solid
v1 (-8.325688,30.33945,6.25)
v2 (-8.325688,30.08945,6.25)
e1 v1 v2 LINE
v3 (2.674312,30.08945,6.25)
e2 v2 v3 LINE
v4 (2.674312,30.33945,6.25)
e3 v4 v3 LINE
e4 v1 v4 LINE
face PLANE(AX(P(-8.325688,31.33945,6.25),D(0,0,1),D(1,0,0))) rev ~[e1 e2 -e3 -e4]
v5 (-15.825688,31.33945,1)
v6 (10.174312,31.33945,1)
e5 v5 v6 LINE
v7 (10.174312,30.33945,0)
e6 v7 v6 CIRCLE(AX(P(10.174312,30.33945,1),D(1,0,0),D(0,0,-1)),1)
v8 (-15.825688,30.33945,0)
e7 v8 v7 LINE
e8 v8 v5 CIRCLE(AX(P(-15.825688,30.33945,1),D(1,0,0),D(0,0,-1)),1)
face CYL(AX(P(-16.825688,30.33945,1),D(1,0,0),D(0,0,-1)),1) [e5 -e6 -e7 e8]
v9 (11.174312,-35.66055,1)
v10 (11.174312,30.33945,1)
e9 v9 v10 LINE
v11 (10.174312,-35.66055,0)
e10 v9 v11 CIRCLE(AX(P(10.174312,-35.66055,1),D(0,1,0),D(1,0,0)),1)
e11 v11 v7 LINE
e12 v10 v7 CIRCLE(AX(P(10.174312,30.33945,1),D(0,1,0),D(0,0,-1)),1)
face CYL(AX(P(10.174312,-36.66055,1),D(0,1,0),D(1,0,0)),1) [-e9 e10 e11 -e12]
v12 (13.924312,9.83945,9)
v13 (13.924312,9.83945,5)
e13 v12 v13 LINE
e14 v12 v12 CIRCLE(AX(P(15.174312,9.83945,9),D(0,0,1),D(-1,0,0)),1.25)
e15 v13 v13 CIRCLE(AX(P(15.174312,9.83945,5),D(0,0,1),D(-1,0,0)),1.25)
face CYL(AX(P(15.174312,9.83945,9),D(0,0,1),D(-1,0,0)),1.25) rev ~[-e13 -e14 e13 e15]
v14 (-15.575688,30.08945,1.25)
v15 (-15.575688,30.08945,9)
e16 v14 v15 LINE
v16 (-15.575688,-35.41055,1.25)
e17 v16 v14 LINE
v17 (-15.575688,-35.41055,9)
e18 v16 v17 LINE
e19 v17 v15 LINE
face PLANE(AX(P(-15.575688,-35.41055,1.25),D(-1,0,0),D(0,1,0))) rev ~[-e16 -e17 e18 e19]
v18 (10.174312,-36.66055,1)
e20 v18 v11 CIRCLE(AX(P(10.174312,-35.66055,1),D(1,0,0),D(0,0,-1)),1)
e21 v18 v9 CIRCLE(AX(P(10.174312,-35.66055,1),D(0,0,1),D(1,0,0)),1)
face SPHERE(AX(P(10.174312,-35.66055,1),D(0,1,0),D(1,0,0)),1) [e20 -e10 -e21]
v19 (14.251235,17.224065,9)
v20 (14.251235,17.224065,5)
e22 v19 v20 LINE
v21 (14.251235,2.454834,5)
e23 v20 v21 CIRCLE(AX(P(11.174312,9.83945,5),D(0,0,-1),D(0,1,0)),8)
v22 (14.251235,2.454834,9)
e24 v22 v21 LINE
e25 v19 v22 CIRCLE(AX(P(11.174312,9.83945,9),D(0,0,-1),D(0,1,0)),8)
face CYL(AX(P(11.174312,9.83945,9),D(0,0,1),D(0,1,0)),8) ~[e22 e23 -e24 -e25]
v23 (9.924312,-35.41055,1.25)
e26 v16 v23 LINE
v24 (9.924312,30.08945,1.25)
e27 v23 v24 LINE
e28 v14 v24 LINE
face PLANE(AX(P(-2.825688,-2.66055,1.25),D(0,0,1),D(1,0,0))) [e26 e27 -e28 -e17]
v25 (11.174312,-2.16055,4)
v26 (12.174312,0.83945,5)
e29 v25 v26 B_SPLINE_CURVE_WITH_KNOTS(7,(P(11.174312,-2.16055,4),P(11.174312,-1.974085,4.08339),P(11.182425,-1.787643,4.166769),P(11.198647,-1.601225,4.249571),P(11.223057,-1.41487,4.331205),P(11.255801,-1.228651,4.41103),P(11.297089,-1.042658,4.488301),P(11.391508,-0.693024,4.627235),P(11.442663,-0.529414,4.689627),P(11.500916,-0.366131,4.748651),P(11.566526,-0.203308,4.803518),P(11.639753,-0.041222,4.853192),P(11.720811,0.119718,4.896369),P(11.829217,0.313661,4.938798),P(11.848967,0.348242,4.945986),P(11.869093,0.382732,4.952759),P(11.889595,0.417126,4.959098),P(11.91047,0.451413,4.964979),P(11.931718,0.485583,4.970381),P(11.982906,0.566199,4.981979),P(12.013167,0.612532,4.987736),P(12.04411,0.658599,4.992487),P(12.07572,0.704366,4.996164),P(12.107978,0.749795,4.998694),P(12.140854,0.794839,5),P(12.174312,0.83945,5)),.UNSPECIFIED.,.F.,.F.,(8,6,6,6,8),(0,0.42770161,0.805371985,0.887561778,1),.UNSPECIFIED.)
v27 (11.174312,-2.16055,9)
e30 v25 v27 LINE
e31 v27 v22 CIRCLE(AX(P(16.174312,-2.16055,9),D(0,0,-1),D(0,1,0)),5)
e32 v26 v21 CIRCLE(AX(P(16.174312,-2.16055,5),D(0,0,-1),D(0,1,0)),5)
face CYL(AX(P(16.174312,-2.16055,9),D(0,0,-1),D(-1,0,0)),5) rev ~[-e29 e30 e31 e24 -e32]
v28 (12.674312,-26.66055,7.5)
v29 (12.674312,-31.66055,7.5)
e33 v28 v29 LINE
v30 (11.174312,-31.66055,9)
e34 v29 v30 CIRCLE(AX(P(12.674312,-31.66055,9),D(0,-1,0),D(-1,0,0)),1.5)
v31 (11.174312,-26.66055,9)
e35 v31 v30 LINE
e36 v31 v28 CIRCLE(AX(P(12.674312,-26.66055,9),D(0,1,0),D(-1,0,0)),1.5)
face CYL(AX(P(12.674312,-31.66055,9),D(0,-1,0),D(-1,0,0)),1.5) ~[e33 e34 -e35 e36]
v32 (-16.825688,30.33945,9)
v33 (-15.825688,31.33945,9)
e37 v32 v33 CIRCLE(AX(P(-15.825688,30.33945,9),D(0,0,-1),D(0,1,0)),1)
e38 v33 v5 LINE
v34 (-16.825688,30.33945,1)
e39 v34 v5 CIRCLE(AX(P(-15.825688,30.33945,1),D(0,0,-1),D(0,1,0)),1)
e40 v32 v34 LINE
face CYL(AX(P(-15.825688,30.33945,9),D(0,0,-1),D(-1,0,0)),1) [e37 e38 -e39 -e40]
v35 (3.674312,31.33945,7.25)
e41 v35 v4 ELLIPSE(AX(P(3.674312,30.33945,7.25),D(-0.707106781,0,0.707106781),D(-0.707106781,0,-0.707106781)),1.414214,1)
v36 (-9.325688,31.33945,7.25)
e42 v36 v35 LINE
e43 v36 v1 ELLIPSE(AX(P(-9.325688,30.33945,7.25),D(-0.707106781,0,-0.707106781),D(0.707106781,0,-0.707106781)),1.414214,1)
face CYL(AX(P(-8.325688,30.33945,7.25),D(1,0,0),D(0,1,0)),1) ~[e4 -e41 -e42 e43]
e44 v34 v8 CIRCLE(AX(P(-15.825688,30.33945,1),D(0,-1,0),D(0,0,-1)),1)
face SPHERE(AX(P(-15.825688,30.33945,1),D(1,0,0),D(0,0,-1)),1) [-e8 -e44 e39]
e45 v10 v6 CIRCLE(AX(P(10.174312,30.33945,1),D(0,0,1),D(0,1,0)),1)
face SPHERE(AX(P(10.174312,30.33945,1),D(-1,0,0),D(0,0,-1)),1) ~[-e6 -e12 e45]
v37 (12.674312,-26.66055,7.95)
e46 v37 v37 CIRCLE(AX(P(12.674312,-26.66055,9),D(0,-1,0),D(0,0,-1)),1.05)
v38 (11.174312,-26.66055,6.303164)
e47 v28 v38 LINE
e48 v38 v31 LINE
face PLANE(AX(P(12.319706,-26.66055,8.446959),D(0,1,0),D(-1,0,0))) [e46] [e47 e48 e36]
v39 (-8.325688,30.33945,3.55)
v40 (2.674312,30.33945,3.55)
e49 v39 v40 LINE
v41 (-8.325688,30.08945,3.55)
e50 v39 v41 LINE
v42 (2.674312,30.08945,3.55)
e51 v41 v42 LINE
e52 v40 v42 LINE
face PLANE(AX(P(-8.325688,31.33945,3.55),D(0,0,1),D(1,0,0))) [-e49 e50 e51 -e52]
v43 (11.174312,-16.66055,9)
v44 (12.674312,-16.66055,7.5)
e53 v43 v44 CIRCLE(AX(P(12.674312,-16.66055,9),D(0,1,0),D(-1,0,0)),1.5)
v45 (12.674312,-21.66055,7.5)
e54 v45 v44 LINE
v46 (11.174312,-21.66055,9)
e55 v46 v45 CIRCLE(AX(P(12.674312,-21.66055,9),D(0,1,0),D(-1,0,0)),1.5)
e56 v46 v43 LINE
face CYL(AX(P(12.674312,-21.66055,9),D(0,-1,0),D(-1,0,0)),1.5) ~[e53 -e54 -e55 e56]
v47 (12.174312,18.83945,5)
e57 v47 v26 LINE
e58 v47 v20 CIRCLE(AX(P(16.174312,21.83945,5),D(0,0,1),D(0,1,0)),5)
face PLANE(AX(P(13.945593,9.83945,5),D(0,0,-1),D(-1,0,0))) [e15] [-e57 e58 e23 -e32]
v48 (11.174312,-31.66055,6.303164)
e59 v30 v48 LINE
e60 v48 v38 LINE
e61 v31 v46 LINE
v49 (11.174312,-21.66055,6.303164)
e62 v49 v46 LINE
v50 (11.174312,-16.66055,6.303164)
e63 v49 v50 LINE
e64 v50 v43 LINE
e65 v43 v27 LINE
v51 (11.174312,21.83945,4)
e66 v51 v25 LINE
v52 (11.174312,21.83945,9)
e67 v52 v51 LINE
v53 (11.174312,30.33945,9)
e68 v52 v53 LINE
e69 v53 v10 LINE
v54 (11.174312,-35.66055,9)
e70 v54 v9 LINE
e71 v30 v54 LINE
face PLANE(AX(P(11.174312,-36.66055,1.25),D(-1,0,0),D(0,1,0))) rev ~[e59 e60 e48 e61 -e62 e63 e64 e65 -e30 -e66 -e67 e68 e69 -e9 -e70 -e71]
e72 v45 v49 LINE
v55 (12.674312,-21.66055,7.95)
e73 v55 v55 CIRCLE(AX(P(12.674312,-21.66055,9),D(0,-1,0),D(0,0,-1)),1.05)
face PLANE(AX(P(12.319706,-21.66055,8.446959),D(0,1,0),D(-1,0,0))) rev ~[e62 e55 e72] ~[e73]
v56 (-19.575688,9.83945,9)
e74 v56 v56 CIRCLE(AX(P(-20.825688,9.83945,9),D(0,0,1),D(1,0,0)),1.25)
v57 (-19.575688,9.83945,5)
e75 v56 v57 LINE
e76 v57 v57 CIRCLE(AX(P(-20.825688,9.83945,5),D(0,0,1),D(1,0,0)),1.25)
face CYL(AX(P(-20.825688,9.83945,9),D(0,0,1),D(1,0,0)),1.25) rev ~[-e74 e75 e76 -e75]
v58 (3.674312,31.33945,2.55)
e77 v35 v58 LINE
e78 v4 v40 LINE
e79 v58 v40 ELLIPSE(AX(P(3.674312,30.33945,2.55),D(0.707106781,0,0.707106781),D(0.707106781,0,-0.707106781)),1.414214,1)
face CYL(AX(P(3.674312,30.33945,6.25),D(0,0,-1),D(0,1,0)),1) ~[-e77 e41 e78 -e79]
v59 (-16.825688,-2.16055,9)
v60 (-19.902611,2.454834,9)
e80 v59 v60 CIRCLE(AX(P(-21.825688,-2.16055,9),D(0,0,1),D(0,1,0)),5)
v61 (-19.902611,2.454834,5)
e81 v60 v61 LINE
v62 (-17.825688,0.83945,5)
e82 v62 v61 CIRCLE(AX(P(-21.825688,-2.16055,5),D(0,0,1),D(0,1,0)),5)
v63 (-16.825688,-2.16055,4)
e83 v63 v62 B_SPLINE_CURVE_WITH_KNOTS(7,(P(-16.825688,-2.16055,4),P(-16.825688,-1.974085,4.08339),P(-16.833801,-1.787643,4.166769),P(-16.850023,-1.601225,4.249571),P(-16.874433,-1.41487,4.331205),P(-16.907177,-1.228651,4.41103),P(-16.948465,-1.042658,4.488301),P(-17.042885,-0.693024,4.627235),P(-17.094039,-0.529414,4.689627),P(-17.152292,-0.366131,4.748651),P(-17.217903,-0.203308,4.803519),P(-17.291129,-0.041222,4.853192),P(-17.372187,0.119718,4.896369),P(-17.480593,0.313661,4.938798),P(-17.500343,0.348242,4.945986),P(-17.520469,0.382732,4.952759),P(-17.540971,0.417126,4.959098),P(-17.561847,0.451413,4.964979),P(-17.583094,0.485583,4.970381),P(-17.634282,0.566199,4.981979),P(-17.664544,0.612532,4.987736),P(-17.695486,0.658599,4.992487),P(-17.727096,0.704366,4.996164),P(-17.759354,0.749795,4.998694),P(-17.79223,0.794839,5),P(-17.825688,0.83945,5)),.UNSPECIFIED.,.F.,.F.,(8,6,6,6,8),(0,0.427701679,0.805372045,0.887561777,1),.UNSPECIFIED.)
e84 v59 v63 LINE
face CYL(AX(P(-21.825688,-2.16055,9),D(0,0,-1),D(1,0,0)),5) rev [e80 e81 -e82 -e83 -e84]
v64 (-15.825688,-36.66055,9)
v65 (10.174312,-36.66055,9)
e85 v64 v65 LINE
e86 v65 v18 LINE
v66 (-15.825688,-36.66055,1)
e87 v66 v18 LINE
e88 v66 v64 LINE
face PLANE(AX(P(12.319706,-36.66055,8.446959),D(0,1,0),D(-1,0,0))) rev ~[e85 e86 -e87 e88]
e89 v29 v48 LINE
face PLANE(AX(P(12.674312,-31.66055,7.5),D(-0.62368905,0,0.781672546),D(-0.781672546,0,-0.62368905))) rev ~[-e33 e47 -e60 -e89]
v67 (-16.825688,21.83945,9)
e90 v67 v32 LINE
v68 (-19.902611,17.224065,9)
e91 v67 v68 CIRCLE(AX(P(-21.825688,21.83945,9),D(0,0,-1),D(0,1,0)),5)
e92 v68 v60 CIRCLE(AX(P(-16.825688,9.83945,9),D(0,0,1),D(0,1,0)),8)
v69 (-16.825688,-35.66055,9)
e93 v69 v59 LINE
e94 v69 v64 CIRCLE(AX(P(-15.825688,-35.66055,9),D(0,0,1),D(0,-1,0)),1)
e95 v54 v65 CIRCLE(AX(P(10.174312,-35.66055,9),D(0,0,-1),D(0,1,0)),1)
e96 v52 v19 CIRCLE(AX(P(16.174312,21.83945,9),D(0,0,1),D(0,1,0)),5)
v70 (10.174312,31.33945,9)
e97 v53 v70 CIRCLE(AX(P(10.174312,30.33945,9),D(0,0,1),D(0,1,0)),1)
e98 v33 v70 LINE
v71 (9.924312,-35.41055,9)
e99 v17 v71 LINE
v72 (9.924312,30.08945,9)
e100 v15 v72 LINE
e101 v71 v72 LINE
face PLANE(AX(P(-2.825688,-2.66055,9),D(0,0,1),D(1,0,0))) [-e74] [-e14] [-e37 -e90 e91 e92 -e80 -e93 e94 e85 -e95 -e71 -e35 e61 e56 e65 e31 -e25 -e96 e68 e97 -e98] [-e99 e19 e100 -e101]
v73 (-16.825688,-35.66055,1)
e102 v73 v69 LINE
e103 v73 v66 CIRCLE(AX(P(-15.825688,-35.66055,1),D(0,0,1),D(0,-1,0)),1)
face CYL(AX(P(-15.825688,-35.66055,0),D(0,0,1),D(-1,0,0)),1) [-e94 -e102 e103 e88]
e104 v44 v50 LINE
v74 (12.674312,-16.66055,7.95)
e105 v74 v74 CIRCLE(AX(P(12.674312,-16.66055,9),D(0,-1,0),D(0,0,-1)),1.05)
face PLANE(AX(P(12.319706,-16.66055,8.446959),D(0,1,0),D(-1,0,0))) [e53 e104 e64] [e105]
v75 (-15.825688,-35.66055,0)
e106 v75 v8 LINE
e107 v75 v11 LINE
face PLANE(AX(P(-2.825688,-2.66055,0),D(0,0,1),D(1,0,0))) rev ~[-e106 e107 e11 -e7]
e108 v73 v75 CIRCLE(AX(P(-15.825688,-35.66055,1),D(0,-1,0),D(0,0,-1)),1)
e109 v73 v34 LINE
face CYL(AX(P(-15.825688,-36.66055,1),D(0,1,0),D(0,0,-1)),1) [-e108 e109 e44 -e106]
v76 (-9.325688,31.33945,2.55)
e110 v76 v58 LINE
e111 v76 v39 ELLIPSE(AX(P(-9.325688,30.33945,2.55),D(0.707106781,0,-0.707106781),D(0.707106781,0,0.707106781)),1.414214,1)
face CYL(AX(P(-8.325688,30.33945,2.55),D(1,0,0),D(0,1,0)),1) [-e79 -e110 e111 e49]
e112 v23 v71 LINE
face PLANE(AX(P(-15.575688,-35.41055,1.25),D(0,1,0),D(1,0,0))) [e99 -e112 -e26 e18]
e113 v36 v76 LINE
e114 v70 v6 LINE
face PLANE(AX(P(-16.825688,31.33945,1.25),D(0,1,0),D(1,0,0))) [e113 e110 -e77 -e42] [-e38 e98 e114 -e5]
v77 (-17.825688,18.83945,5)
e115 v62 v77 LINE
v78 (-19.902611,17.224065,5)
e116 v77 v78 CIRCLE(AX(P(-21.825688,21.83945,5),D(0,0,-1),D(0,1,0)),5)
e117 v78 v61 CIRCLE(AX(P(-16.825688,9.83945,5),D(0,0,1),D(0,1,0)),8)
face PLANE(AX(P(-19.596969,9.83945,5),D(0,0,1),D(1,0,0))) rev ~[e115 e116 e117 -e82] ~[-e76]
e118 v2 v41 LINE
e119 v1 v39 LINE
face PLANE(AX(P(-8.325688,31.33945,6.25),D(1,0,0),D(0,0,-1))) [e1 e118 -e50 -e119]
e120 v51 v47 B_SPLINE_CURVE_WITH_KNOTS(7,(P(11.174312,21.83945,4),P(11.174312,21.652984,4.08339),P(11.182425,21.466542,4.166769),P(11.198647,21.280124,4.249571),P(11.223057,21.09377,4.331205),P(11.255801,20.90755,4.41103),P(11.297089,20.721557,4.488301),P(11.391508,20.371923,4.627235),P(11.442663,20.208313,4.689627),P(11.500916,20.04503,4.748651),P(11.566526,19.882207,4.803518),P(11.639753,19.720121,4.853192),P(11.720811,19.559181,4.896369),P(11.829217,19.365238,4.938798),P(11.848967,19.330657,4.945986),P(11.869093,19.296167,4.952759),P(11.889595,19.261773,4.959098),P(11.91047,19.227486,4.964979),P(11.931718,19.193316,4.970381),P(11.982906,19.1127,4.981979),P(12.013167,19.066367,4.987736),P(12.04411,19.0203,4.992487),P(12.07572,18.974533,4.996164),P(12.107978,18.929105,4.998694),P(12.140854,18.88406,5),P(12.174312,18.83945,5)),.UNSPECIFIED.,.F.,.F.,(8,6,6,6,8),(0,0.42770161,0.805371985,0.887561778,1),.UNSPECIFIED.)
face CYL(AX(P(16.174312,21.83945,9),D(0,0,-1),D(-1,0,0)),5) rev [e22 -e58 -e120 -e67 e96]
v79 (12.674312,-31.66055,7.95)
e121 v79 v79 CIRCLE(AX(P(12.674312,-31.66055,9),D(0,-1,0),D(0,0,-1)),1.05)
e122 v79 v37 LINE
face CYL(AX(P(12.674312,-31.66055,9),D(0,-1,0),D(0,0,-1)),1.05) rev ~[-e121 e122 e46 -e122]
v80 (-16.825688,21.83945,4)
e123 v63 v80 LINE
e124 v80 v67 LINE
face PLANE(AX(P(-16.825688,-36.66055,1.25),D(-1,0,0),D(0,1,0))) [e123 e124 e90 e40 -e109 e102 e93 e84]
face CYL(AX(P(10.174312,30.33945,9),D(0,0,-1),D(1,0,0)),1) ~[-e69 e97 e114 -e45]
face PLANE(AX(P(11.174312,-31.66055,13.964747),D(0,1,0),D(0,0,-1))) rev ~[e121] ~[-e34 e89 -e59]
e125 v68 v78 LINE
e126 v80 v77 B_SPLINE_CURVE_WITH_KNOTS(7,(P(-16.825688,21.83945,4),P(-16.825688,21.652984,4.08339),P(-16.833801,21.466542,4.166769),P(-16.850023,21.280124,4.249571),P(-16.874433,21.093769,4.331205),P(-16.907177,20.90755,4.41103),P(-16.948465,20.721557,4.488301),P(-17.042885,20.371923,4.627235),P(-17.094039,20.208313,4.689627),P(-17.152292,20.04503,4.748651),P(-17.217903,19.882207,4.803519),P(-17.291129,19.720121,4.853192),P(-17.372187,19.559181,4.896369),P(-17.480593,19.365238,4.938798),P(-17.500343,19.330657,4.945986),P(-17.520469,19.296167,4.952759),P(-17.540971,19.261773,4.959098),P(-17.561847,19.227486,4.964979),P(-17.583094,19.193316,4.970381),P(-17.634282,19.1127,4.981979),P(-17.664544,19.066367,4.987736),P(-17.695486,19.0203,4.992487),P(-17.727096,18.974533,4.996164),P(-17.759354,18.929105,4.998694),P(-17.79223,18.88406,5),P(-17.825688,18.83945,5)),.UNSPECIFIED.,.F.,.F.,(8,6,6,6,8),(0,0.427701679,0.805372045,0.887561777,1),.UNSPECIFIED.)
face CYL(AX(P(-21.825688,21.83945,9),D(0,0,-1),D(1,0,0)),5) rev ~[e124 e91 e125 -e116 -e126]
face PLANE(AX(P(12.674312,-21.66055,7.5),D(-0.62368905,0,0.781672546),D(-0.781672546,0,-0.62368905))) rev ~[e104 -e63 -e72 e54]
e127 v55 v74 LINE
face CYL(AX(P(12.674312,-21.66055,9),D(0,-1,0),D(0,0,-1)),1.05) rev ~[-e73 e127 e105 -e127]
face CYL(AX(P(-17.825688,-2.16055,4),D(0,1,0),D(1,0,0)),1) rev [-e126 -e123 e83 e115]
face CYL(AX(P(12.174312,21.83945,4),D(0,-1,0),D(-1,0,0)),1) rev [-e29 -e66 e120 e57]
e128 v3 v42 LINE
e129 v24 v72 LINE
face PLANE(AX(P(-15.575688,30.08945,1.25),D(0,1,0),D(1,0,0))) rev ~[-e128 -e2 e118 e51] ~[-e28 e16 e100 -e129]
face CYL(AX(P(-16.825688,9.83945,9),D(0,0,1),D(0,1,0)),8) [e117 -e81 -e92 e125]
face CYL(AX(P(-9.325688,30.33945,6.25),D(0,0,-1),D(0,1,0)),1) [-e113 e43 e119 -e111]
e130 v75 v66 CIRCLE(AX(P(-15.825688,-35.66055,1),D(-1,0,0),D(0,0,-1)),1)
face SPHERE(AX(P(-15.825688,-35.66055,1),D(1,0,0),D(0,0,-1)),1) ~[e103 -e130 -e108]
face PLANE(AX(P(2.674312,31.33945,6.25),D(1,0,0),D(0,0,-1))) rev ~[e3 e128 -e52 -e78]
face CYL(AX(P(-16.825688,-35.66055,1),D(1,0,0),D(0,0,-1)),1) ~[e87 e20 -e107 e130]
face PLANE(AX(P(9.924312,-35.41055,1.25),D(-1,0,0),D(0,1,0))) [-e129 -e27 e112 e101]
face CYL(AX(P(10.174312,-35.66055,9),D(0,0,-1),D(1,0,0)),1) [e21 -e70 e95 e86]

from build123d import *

# Parameters (mm, degrees)
SKETCH1_W           = 28
SKETCH1_H           = 68
BOSS_EXTRUDE1_DEPTH = 1.25
SKETCH7_W           = 28
SKETCH7_H           = 68
SKETCH7_W_2         = 25.5
SKETCH7_H_2         = 65.5
BOSS_EXTRUDE4_DEPTH = 7.75
SKETCH18_W          = 11
SKETCH18_H          = 2.7
CUT_EXTRUDE10_DEPTH = 1.25
SKETCH13_R          = 1.05
BOSS_EXTRUDE7_DEPTH = 5
LPATTERN2_COUNT     = 4
LPATTERN2_PITCH     = 5
SKETCH14_W          = 10
SKETCH14_H          = 5
CUT_EXTRUDE5_DEPTH  = 5
FILLET1_R           = 1
SKETCH6_R           = 1.25
BOSS_EXTRUDE3_DEPTH = 4
FILLET3_R           = 5
FILLET4_R           = 1
FILLET7_R           = 1


with BuildPart() as part:
    # Sketch1 → Boss-Extrude1 (new body)
    with BuildSketch(Plane.XY):
        with Locations((-2.825688073, -2.660550459)):
            Rectangle(SKETCH1_W, SKETCH1_H)
    extrude(amount=BOSS_EXTRUDE1_DEPTH)

    # Sketch7 → Boss-Extrude4 (add)
    with BuildSketch(Plane.XY.offset(1.25)):
        with Locations((-2.825688073, -2.660550459)):
            Rectangle(SKETCH7_W, SKETCH7_H)
        with Locations((-2.825688073, -2.660550459)):
            Rectangle(SKETCH7_W_2, SKETCH7_H_2, mode=Mode.SUBTRACT)
    extrude(amount=BOSS_EXTRUDE4_DEPTH)

    # Sketch18 → Cut-Extrude10 (cut)
    with BuildSketch(Plane(origin=(0, 31.339449541, 0), x_dir=(1, 0, 0), z_dir=(0, 1, 0))):
        with Locations((-2.825688073, -4.9)):
            Rectangle(SKETCH18_W, SKETCH18_H)
    extrude(amount=-CUT_EXTRUDE10_DEPTH, mode=Mode.SUBTRACT)

    # Sketch13 → Boss-Extrude7 (add)
    with BuildSketch(Plane.XZ.offset(36.660550459)):
        with BuildLine():
            Line((12.674311927, 7.5), (11.174311927, 6.303164343))
            Line((11.174311927, 6.303164343), (11.174311927, 9))
            ThreePointArc((11.174311927, 9), (13.734972098, 10.060660172), (12.674311927, 7.5))
        make_face()
        with Locations(Location((12.674311927, 9, 0), (0, 0, 270))):
            Circle(SKETCH13_R, mode=Mode.SUBTRACT)
    boss_extrude7 = extrude(amount=-BOSS_EXTRUDE7_DEPTH)

    # LPattern2: Boss-Extrude7 ×4, 1 skipped
    with Locations(*[(0, i * LPATTERN2_PITCH, 0) for i in range(1, LPATTERN2_COUNT) if i not in (2,)]):
        add(boss_extrude7)

    # Sketch14 → Cut-Extrude5 (cut)
    with BuildSketch(Plane(origin=(11.174311927, 0, 0), x_dir=(0, 0, -1), z_dir=(1, 0, 0))):
        with Locations((-8.964747177, -34.160550459)):
            Rectangle(SKETCH14_W, SKETCH14_H)
    extrude(amount=CUT_EXTRUDE5_DEPTH, mode=Mode.SUBTRACT)

    # Fillet1
    fillet1_edges = [part.edges().sort_by_distance(p)[0] for p in [
        (-2.825688073, 31.339449541, 0),
        (11.174311927, -2.660550459, 0),
        (11.174311927, -36.660550459, 4.5),
        (-2.825688073, -36.660550459, 0),
        (-16.825688073, -2.660550459, 0),
        (-16.825688073, 31.339449541, 4.5),
        (11.174311927, 31.339449541, 4.5),
        (-16.825688073, -36.660550459, 4.5),
    ]]
    fillet(fillet1_edges, radius=FILLET1_R)

    # Sketch6 → Boss-Extrude3 (add)
    # profile 1 of 2: a face of its own
    with BuildSketch(Plane.XY.offset(9)):
        with BuildLine():
            Line((-16.825688073, 1.839449541), (-16.825688073, 17.839449541))
            ThreePointArc((-16.825688073, 17.839449541), (-24.825688073, 9.839449541), (-16.825688073, 1.839449541))
        make_face()
        with Locations((-20.825688073, 9.839449541)):
            Circle(SKETCH6_R, mode=Mode.SUBTRACT)
    # profile 2 of 2: a face of its own
    with BuildSketch(Plane.XY.offset(9)):
        with BuildLine():
            Line((11.174311927, 1.839449541), (11.174311927, 17.839449541))
            ThreePointArc((11.174311927, 17.839449541), (19.174311927, 9.839449541), (11.174311927, 1.839449541))
        make_face()
        with Locations(Location((15.174311927, 9.839449541, 0), (0, 0, 180))):
            Circle(SKETCH6_R, mode=Mode.SUBTRACT)
    extrude(amount=-BOSS_EXTRUDE3_DEPTH)

    # Fillet3
    fillet3_edges = [part.edges().sort_by_distance(p)[0] for p in [
        (-16.825688073, 1.839449541, 7),
        (-16.825688073, 17.839449541, 7),
        (11.174311927, 17.839449541, 7),
        (11.174311927, 1.839449541, 7),
    ]]
    fillet(fillet3_edges, radius=FILLET3_R)

    # Fillet4
    fillet4_edges = [part.edges().sort_by_distance(p)[0] for p in [
        (-16.825688073, 9.839449541, 5),
        (11.174311927, 9.839449541, 5),
    ]]
    fillet(fillet4_edges, radius=FILLET4_R)

    # Fillet7
    fillet7_edges = [part.edges().sort_by_distance(p)[0] for p in [
        (2.674311927, 31.339449541, 4.9),
        (-2.825688073, 31.339449541, 3.55),
        (-8.325688073, 31.339449541, 4.9),
        (-2.825688073, 31.339449541, 6.25),
    ]]
    fillet(fillet7_edges, radius=FILLET7_R)


solid = part.part
